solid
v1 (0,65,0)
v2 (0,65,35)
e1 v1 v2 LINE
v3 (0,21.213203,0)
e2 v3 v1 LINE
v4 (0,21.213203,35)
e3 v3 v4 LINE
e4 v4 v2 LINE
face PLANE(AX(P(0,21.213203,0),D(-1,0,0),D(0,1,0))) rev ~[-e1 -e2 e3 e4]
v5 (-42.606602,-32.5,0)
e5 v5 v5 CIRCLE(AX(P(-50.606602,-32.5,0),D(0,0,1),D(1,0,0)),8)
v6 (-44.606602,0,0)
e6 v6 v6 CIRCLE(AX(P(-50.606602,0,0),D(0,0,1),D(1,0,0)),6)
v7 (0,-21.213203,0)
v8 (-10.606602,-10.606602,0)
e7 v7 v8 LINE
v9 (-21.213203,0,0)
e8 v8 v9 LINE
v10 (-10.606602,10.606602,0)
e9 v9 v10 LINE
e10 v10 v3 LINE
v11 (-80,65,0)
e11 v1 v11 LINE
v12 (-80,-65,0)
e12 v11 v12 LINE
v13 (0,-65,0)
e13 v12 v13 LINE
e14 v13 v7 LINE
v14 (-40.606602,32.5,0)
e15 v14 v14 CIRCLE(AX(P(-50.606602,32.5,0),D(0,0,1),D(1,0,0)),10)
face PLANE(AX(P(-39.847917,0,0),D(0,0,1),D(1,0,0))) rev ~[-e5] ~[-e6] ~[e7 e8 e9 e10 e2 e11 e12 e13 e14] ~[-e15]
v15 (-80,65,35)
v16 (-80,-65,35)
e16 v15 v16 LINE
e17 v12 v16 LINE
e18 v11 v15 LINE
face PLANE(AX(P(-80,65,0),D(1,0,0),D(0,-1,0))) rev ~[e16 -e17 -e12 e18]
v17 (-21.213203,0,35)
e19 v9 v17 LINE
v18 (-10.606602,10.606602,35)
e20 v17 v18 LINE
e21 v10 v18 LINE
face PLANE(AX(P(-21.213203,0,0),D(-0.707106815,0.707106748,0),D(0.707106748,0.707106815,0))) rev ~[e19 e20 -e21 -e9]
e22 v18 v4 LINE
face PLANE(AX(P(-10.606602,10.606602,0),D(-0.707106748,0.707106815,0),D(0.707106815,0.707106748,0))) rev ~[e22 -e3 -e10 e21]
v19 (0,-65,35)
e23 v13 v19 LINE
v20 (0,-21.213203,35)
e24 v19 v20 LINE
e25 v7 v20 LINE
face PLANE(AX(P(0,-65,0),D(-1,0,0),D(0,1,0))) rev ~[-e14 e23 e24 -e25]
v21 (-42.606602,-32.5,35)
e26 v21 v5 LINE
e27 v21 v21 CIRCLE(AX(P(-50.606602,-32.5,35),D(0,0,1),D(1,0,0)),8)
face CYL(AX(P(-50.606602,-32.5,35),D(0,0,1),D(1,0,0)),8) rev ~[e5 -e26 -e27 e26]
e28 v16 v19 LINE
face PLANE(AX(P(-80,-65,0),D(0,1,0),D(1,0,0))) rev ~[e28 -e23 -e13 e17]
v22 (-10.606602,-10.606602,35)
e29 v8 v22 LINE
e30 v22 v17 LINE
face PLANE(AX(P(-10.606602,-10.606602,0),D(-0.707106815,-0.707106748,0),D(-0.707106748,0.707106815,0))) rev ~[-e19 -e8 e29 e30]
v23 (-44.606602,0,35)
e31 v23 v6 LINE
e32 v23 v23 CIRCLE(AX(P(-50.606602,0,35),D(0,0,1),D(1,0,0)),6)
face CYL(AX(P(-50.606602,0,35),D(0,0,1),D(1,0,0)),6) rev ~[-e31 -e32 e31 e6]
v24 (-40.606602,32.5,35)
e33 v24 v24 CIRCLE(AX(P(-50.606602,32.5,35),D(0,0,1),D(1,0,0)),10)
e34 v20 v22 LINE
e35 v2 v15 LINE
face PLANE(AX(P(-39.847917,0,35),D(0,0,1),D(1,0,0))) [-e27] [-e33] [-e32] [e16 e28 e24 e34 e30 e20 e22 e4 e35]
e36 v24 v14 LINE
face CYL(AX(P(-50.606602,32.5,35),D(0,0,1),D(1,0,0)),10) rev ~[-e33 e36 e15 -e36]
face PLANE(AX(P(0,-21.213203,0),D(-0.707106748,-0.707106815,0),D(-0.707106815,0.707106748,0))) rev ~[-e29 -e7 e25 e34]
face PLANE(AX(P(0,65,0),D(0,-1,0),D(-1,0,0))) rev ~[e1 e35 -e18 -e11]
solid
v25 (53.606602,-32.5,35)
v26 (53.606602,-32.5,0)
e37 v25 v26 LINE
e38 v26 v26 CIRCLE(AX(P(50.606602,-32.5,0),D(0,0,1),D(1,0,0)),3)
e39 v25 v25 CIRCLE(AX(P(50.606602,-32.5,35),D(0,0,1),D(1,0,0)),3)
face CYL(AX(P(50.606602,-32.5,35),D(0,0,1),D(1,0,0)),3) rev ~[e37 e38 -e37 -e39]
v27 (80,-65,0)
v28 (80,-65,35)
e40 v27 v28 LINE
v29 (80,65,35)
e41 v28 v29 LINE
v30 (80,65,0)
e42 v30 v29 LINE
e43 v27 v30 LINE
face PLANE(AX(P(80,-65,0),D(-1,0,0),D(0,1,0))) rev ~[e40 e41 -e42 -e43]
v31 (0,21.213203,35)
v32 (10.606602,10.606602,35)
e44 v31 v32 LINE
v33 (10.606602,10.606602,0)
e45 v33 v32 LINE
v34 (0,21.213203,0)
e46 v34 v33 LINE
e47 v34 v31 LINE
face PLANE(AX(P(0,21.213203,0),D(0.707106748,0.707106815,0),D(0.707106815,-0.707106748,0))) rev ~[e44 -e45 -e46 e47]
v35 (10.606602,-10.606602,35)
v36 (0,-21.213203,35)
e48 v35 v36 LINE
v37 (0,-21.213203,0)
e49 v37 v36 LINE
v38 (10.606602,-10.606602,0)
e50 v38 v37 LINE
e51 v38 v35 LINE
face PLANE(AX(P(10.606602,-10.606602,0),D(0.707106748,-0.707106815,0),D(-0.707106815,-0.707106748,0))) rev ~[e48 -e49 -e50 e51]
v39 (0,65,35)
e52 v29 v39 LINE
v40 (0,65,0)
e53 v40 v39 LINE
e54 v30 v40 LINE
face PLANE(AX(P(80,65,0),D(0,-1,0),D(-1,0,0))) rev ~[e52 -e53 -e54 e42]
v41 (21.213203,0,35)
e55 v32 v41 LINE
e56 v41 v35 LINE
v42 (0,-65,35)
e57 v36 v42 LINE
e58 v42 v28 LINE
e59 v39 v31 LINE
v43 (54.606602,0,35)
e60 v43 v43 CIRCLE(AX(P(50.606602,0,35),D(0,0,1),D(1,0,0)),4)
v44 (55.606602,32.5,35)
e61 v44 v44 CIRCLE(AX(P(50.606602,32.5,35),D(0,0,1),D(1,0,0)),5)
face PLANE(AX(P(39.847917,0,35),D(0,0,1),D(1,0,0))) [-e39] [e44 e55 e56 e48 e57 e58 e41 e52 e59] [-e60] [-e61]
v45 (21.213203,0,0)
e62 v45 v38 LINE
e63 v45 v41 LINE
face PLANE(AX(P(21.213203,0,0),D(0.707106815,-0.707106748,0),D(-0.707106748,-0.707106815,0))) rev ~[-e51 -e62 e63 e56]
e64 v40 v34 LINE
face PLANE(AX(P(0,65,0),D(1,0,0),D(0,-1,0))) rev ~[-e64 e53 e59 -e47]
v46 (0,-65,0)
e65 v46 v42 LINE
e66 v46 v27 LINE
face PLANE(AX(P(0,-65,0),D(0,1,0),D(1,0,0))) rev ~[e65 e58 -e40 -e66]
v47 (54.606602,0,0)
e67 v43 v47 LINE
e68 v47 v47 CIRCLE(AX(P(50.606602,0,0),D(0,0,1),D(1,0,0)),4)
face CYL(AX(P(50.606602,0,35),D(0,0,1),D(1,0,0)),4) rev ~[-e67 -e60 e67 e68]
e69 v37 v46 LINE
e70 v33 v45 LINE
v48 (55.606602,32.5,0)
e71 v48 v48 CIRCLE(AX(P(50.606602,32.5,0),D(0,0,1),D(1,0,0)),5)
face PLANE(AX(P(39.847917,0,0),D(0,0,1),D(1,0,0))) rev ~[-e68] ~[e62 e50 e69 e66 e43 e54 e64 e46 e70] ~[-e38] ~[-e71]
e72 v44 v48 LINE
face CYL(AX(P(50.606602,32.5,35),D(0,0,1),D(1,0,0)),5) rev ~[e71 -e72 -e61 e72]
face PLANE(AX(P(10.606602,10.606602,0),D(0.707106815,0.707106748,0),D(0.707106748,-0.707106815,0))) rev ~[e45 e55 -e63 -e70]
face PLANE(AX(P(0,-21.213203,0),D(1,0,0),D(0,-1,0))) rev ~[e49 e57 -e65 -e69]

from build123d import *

# Parameters (mm, degrees)
F1_DEPTH = 35
F2_DEPTH = 35
F3_R     = 10
F3_R_2   = 6
F3_R_3   = 8
F4_DEPTH = 35
F5_R     = 5
F5_R_2   = 4
F5_R_3   = 3
F6_DEPTH = 35


with BuildPart() as f1:
    # F0 (on Top) → F1 (new body)
    with BuildSketch(Plane.XY):
        Polygon((-80, -65), (0, -65), (0, -21.213203), (-10.606602, -10.606602), (-21.213203, 0), (-10.606602, 10.606602), (0, 21.213203), (0, 65), (-80, 65), align=None)
    extrude(amount=F1_DEPTH)

    # F3 (on face) → F4 (cut)
    with BuildSketch(Plane.XY.offset(35)):
        with Locations((-50.606602, 32.5)):
            Circle(F3_R)
        with Locations((-50.606602, 0)):
            Circle(F3_R_2)
        with Locations((-50.606602, -32.5)):
            Circle(F3_R_3)
    extrude(amount=-F4_DEPTH, mode=Mode.SUBTRACT)


with BuildPart() as f2:
    # F0 (on Top) → F2 (new body)
    with BuildSketch(Plane.XY):
        Polygon((0, -65), (80, -65), (80, 65), (0, 65), (0, 21.213203), (10.606602, 10.606602), (21.213203, 0), (10.606602, -10.606602), (0, -21.213203), align=None)
    extrude(amount=F2_DEPTH)

    # F5 (on face) → F6 (cut)
    with BuildSketch(Plane.XY.offset(35)):
        with Locations((50.606602, 32.5)):
            Circle(F5_R)
        with Locations((50.606602, 0)):
            Circle(F5_R_2)
        with Locations((50.606602, -32.5)):
            Circle(F5_R_3)
    extrude(amount=-F6_DEPTH, mode=Mode.SUBTRACT)


solid = Compound([f1.part, f2.part])
